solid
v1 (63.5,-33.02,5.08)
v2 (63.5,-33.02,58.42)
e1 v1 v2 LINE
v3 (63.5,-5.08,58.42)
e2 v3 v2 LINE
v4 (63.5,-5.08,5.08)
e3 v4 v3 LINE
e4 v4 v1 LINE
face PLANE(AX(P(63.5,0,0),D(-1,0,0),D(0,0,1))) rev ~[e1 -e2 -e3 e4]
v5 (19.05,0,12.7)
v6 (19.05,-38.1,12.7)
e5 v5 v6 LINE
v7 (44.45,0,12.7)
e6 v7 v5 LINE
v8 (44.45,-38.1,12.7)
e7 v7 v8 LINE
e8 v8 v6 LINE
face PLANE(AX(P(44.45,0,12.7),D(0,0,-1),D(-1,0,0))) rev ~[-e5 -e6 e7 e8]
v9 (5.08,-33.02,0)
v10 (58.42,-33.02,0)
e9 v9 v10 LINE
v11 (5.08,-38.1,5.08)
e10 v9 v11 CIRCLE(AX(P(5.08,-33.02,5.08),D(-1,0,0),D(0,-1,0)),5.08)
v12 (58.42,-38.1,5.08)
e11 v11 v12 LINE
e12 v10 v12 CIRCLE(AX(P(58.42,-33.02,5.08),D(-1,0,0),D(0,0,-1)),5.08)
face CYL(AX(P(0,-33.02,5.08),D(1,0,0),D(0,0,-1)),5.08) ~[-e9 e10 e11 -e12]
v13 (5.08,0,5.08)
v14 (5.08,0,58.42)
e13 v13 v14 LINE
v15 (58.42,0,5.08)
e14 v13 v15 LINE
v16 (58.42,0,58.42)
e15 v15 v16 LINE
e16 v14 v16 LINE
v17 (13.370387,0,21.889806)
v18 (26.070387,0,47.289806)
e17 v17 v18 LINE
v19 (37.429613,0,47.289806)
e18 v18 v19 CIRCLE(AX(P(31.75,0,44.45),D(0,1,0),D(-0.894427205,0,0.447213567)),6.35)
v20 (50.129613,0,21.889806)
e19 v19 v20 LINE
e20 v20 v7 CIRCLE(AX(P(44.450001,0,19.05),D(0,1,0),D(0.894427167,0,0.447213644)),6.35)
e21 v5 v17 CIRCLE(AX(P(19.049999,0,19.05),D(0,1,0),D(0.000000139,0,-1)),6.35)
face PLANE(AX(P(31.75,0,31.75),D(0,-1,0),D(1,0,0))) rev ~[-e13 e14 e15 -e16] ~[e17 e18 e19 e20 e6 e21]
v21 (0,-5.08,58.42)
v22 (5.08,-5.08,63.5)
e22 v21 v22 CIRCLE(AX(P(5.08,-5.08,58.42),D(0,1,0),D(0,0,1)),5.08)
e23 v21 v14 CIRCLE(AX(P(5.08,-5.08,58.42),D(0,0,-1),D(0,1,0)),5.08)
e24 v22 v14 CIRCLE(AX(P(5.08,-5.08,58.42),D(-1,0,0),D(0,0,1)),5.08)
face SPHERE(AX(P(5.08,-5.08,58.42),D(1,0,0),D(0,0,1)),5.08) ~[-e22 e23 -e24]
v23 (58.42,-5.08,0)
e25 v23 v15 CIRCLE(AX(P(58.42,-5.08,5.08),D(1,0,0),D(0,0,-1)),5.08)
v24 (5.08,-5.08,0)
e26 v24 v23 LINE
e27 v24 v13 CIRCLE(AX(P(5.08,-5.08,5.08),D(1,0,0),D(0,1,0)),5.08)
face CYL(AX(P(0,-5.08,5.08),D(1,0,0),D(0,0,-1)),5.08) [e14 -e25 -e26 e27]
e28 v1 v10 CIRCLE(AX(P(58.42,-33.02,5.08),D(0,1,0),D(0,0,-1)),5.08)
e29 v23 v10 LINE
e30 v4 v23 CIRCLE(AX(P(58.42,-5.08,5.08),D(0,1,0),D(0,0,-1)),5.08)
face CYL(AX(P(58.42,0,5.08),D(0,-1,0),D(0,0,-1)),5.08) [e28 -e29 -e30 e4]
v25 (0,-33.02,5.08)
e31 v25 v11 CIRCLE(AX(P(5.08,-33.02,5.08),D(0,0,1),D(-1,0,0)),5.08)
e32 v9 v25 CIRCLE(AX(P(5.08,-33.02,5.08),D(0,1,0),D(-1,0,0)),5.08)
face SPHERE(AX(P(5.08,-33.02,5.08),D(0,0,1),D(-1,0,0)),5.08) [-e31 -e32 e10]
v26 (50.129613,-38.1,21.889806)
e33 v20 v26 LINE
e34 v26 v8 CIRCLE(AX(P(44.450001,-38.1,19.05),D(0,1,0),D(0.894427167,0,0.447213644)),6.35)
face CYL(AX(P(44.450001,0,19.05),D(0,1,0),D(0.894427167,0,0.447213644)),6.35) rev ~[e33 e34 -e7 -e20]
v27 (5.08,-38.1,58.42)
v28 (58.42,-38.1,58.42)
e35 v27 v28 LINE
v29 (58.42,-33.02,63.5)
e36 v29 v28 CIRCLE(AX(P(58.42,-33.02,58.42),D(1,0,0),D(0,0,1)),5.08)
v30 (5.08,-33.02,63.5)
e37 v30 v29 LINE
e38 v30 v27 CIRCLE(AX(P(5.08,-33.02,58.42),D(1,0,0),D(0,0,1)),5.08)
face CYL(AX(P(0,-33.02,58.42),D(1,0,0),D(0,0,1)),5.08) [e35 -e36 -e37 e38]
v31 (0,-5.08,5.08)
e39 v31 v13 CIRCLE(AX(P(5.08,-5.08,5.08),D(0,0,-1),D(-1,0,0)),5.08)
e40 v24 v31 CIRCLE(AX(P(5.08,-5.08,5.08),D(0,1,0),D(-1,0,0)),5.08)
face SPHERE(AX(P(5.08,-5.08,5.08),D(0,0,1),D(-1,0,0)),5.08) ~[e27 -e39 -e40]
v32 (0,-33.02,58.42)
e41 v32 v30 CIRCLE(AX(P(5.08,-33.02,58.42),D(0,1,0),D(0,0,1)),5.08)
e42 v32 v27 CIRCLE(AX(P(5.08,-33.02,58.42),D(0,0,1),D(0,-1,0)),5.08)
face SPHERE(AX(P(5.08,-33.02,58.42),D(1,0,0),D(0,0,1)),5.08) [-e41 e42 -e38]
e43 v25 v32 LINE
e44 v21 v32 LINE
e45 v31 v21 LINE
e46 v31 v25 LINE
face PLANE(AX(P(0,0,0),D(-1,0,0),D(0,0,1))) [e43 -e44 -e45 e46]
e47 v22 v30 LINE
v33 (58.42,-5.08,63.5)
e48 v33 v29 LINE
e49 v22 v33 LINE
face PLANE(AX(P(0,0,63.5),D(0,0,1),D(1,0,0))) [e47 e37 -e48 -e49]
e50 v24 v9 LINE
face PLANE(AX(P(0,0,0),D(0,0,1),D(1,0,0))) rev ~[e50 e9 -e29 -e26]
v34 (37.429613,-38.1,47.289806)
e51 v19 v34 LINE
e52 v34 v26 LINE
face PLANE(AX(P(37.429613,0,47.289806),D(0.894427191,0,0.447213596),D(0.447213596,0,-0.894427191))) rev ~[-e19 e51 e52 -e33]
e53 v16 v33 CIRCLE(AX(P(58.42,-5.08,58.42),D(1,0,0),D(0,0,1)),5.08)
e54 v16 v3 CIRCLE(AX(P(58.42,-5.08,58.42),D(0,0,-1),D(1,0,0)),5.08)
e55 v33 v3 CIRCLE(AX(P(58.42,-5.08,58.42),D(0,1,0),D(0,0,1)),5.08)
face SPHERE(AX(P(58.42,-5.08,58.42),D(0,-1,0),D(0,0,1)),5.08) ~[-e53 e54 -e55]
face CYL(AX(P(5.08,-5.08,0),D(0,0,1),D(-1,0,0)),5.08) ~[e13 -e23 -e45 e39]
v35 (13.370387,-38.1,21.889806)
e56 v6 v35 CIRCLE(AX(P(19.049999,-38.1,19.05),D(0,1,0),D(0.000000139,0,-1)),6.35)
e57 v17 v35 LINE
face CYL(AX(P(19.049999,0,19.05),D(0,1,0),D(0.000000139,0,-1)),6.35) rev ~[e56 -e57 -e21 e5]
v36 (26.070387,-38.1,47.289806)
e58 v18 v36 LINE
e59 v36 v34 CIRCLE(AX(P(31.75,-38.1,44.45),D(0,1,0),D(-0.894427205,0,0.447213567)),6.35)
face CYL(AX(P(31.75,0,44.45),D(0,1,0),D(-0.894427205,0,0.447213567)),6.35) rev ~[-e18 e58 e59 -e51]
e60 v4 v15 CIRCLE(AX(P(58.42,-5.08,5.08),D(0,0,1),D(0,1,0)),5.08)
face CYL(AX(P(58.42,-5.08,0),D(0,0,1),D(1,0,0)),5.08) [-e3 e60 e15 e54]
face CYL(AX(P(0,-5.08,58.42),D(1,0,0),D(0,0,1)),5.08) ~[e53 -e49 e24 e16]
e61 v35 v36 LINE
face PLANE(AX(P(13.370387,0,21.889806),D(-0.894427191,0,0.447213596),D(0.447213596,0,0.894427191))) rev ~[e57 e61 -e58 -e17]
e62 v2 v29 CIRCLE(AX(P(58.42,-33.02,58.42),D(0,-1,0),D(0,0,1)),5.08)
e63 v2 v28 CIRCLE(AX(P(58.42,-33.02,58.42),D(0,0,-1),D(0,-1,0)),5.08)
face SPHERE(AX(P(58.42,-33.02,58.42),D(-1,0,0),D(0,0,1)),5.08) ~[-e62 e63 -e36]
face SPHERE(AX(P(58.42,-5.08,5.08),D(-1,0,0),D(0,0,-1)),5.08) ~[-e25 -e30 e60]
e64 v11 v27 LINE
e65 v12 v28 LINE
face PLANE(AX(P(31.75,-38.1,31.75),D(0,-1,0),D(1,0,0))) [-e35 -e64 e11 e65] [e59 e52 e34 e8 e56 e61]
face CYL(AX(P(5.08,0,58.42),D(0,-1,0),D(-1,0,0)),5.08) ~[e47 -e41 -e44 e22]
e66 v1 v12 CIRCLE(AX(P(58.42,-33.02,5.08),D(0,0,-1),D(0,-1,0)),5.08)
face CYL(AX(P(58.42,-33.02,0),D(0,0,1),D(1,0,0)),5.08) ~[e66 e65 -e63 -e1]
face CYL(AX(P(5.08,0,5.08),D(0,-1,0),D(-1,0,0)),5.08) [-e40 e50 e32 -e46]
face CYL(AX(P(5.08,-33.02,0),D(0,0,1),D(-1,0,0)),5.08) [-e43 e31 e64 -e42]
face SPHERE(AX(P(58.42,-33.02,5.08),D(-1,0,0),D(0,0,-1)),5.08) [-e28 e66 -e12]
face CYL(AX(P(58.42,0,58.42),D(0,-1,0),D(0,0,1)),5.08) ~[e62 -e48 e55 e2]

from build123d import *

# Parameters (mm, degrees)
F0_W     = 63.5
F0_H     = 63.5
F1_DEPTH = 38.1
F2_R     = 5.08


with BuildPart() as f1:
    # F0 (on Front) → F1 (new body)
    with BuildSketch(Plane.XZ):
        with Locations((31.75, 31.75)):
            Rectangle(F0_W, F0_H)
        with BuildLine():
            ThreePointArc((19.05, 12.7), (13.648367, 15.711607), (13.370387, 21.889806))
            Line((13.370387, 21.889806), (26.070387, 47.289806))
            ThreePointArc((26.070387, 47.289806), (31.75, 50.8), (37.429613, 47.289806))
            Line((37.429613, 47.289806), (50.129613, 21.889806))
            ThreePointArc((50.129613, 21.889806), (49.851633, 15.711607), (44.45, 12.7))
            Line((44.45, 12.7), (19.05, 12.7))
        make_face(mode=Mode.SUBTRACT)
    extrude(amount=F1_DEPTH)

    # F2
    f2_edges = [f1.edges().sort_by_distance(p)[0] for p in [
        (31.75, -38.1, 63.5),
        (63.5, -19.05, 63.5),
        (31.75, 0, 63.5),
        (0, -19.05, 63.5),
        (0, 0, 31.75),
        (0, -38.1, 31.75),
        (0, -19.05, 0),
        (31.75, 0, 0),
        (31.75, -38.1, 0),
        (63.5, -19.05, 0),
        (63.5, 0, 31.75),
        (63.5, -38.1, 31.75),
    ]]
    fillet(f2_edges, radius=F2_R)


solid = f1.part
